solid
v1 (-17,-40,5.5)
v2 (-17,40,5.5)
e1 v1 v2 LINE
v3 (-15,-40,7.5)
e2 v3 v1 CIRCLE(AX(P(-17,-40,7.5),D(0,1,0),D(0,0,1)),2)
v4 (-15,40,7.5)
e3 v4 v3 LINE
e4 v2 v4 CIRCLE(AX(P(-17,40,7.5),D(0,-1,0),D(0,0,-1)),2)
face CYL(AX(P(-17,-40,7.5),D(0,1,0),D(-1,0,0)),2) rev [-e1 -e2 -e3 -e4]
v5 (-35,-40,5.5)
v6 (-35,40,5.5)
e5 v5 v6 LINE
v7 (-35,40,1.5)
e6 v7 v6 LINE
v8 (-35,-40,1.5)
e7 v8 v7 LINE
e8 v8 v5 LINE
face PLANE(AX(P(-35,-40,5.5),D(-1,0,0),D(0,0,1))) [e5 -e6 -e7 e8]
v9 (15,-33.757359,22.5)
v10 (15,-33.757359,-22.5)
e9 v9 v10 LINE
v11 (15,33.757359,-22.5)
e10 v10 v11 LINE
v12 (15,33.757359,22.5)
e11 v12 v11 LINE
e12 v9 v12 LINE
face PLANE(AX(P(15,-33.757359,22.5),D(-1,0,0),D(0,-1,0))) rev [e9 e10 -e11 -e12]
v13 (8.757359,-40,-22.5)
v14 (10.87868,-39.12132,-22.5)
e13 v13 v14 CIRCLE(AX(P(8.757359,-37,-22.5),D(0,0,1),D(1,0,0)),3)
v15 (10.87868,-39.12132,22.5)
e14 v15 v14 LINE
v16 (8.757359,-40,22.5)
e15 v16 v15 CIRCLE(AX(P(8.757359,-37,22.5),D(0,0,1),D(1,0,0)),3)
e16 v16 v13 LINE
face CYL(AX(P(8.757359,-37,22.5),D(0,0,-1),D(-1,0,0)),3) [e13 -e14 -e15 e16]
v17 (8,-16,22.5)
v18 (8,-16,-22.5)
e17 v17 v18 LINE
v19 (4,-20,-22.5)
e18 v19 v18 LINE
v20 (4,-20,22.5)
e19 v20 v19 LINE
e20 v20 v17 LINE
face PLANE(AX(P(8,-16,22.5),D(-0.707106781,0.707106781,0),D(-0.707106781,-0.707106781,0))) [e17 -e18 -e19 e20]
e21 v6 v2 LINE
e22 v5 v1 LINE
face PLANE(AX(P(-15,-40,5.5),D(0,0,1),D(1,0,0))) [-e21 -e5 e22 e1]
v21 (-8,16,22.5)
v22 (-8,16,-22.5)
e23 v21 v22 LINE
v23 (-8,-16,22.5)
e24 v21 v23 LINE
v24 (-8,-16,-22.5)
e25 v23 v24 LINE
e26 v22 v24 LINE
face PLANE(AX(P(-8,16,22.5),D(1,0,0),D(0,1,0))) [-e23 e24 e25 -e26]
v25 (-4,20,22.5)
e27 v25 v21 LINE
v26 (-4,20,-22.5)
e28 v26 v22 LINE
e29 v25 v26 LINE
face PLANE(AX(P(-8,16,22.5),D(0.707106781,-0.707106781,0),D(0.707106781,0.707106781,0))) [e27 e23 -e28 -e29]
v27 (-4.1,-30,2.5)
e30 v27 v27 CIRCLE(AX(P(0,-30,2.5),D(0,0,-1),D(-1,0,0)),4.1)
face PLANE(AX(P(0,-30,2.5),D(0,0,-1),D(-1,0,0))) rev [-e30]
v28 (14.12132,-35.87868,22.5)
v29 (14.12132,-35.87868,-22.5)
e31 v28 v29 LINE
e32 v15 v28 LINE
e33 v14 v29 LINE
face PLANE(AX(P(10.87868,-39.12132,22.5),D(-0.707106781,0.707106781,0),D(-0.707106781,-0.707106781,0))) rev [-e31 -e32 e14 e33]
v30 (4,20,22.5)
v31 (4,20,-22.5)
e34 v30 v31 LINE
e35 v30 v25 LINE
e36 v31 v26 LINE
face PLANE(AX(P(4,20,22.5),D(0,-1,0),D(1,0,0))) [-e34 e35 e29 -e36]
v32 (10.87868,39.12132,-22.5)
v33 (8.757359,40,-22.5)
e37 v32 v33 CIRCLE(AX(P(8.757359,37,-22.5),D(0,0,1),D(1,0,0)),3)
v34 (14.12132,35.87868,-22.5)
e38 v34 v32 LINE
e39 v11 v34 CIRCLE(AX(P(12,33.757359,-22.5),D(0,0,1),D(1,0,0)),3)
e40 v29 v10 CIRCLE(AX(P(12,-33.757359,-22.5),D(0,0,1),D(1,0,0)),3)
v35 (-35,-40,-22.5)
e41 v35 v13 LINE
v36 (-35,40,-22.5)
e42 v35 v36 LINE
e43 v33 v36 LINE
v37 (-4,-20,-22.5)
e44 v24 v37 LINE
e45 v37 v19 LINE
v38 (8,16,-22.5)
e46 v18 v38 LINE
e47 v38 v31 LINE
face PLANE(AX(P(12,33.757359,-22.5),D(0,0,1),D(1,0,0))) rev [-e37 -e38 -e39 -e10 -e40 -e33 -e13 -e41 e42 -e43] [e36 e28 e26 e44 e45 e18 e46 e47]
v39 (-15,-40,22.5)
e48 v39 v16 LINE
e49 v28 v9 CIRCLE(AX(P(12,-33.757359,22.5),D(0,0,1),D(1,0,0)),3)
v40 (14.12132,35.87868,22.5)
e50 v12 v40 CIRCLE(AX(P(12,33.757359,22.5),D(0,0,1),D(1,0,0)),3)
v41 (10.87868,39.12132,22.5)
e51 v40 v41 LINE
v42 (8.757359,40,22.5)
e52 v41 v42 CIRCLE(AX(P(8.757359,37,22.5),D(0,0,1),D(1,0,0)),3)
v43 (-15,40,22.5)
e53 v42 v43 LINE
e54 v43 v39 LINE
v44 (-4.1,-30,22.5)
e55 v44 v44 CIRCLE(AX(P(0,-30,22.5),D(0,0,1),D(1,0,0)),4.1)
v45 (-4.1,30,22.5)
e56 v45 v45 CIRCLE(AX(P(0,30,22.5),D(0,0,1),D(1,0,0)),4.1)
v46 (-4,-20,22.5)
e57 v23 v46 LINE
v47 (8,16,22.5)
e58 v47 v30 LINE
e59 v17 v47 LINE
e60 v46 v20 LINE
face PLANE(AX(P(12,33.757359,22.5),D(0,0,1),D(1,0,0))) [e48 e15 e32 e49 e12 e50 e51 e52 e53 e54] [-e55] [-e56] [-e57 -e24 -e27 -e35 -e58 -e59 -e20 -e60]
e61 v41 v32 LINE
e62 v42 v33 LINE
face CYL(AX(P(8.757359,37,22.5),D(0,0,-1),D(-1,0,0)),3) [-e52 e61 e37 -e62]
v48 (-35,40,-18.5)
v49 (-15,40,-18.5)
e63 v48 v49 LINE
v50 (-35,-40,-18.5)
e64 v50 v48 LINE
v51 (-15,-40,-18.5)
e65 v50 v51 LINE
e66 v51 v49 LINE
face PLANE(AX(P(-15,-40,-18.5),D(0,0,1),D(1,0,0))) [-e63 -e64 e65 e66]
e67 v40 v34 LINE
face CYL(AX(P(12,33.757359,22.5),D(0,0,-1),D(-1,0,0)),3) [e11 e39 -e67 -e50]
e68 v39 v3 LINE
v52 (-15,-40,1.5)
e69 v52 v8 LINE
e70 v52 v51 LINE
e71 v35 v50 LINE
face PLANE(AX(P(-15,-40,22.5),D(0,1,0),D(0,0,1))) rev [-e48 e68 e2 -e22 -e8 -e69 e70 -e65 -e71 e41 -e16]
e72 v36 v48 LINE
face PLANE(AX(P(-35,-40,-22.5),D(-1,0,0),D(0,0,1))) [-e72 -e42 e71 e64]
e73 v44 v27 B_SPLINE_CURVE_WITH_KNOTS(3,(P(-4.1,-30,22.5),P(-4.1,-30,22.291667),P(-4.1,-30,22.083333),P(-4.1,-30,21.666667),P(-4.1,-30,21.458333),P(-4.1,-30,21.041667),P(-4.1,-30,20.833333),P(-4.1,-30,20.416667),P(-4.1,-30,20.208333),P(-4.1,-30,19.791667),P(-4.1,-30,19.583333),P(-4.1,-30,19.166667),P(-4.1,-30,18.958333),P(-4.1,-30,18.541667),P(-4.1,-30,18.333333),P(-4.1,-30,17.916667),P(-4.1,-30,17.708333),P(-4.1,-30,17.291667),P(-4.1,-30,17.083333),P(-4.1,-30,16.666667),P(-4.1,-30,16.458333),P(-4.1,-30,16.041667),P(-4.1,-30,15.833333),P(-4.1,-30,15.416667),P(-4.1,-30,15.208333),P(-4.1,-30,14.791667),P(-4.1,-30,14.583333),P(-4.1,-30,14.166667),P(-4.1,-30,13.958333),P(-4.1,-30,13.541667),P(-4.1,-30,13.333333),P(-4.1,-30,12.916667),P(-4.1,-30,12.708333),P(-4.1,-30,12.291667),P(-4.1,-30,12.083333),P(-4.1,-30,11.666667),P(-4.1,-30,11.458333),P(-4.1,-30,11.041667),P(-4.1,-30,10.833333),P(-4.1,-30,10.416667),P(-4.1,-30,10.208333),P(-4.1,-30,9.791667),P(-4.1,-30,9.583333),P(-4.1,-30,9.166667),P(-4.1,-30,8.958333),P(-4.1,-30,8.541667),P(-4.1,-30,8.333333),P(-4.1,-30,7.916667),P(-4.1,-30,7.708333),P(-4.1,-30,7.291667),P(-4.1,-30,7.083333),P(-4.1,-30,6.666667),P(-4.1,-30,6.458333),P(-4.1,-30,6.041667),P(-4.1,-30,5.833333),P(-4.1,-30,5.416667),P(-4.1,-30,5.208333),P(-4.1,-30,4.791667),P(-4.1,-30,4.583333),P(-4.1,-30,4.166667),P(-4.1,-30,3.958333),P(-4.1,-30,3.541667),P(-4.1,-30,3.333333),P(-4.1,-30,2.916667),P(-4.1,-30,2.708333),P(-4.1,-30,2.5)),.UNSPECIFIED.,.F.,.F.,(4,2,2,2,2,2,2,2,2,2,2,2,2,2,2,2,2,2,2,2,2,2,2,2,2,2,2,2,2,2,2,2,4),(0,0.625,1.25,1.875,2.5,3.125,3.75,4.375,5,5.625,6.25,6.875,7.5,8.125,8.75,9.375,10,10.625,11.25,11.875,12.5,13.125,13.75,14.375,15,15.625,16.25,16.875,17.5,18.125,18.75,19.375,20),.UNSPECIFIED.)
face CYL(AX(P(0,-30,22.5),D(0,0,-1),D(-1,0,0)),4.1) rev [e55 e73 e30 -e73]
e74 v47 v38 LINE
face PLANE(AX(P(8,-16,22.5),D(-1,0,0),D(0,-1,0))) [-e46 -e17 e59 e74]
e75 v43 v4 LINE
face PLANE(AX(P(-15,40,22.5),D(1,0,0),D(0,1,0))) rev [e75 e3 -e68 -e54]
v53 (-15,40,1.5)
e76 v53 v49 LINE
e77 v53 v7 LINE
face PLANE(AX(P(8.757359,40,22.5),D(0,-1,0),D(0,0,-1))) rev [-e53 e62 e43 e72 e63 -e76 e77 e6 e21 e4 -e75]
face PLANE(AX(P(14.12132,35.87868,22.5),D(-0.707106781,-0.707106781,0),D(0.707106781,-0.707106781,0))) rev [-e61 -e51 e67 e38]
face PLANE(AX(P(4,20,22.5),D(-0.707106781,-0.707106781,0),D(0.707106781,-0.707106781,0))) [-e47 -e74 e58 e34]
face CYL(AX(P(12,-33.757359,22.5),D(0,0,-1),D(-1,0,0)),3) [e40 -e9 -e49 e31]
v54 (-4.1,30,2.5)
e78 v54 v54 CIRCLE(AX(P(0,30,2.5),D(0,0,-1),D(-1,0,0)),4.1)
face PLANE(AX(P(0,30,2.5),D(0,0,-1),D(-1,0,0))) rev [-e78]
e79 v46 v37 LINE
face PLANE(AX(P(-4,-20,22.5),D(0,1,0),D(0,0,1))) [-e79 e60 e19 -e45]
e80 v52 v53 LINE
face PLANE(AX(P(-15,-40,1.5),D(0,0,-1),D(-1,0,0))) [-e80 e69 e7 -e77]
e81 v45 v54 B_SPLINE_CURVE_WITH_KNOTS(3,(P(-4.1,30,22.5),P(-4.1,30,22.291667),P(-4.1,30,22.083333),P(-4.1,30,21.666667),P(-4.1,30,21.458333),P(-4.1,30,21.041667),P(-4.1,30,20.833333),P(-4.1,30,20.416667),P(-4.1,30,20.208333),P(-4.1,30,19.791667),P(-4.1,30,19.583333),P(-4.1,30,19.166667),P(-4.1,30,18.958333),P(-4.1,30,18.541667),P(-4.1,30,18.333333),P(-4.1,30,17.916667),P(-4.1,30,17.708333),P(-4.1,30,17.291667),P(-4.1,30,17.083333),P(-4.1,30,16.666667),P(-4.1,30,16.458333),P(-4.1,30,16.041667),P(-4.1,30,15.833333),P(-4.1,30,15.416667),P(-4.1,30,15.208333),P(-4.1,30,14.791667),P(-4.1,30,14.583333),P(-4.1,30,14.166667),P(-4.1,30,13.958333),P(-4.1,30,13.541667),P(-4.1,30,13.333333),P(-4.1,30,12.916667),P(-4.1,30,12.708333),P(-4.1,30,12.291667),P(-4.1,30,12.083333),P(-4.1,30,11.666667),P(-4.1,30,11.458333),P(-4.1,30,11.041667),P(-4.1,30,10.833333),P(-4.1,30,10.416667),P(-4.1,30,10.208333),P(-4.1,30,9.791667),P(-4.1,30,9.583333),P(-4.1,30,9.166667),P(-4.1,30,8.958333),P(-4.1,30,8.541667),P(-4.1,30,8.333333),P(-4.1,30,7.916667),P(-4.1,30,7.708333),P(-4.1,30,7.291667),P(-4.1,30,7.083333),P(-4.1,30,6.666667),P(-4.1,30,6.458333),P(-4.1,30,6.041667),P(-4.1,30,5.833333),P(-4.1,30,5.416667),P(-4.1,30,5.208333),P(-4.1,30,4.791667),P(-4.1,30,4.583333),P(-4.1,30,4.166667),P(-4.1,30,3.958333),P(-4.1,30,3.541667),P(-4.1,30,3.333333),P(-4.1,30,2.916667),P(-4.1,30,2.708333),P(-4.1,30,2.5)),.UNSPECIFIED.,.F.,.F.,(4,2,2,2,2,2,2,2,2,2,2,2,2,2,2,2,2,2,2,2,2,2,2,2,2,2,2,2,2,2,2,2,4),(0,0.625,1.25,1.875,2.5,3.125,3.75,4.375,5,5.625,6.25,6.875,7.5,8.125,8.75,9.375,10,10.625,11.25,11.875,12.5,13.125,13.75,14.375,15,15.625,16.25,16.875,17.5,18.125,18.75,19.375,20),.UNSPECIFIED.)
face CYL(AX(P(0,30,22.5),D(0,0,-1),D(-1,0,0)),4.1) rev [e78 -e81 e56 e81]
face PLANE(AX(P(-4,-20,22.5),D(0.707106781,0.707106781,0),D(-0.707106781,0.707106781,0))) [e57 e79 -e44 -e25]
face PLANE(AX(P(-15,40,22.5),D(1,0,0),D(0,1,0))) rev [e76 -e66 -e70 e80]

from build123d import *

# Parameters (mm, degrees)
CROQUIS1_R              = 4.1
SALIENTE_EXTRUIR1_DEPTH = 22.5
CROQUIS2_W              = 20
CROQUIS2_H              = 4
SALIENTE_EXTRUIR2_DEPTH = 80
REDONDEO1_R             = 2
CROQUIS3_R              = 4.1
SALIENTE_EXTRUIR3_DEPTH = 25


with BuildPart() as part:
    # Croquis1 → Saliente-Extruir1 (new, symmetric)
    with BuildSketch(Plane.XY):
        with BuildLine():
            Line((14.121320343, 35.878679656), (10.878679656, 39.121320344))
            ThreePointArc((10.878679656, 39.121320344), (9.90540961, 39.771638598), (8.757359313, 40))
            Line((8.757359313, 40), (-15, 40))
            Line((-15, 40), (-15, -40))
            Line((-15, -40), (8.757359313, -40))
            ThreePointArc((8.757359313, -40), (9.90540961, -39.771638598), (10.878679656, -39.121320344))
            Line((10.878679656, -39.121320344), (14.121320343, -35.878679656))
            ThreePointArc((14.121320343, -35.878679656), (14.771638597, -34.90540961), (15, -33.757359313))
            Line((15, -33.757359313), (15, 33.757359313))
            ThreePointArc((15, 33.757359313), (14.771638597, 34.90540961), (14.121320343, 35.878679656))
        make_face()
        with Locations(Location((0, 30, 0), (0, 0, 180))):
            Circle(CROQUIS1_R, mode=Mode.SUBTRACT)
        with Locations(Location((0, -30, 0), (0, 0, 180))):
            Circle(CROQUIS1_R, mode=Mode.SUBTRACT)
        Polygon((-4, -20), (-8, -16), (-8, 16), (-4, 20), (4, 20), (8, 16), (8, -16), (4, -20), align=None, mode=Mode.SUBTRACT)
    extrude(amount=SALIENTE_EXTRUIR1_DEPTH, both=True)

    # Croquis2 → Saliente-Extruir2 (add)
    with BuildSketch(Plane(origin=(0, 40, 0), x_dir=(1, 0, 0), z_dir=(0, 1, 0))):
        with Locations((-25, 20.5)):
            Rectangle(CROQUIS2_W, CROQUIS2_H)
        with Locations((-25, -3.5)):
            Rectangle(CROQUIS2_W, CROQUIS2_H)
    extrude(amount=-SALIENTE_EXTRUIR2_DEPTH)

    # Redondeo1
    redondeo1_edges = [part.edges().sort_by_distance(p)[0] for p in [
        (-15, 0, 5.5),
    ]]
    fillet(redondeo1_edges, radius=REDONDEO1_R)

    # Croquis3 → Saliente-Extruir3 (add)
    with BuildSketch(Plane(origin=(0, 0, -22.5), x_dir=(-1, 0, 0), z_dir=(0, 0, -1))):
        with Locations((0, -30)):
            Circle(CROQUIS3_R)
        with Locations((0, 30)):
            Circle(CROQUIS3_R)
    extrude(amount=-SALIENTE_EXTRUIR3_DEPTH)


solid = part.part
